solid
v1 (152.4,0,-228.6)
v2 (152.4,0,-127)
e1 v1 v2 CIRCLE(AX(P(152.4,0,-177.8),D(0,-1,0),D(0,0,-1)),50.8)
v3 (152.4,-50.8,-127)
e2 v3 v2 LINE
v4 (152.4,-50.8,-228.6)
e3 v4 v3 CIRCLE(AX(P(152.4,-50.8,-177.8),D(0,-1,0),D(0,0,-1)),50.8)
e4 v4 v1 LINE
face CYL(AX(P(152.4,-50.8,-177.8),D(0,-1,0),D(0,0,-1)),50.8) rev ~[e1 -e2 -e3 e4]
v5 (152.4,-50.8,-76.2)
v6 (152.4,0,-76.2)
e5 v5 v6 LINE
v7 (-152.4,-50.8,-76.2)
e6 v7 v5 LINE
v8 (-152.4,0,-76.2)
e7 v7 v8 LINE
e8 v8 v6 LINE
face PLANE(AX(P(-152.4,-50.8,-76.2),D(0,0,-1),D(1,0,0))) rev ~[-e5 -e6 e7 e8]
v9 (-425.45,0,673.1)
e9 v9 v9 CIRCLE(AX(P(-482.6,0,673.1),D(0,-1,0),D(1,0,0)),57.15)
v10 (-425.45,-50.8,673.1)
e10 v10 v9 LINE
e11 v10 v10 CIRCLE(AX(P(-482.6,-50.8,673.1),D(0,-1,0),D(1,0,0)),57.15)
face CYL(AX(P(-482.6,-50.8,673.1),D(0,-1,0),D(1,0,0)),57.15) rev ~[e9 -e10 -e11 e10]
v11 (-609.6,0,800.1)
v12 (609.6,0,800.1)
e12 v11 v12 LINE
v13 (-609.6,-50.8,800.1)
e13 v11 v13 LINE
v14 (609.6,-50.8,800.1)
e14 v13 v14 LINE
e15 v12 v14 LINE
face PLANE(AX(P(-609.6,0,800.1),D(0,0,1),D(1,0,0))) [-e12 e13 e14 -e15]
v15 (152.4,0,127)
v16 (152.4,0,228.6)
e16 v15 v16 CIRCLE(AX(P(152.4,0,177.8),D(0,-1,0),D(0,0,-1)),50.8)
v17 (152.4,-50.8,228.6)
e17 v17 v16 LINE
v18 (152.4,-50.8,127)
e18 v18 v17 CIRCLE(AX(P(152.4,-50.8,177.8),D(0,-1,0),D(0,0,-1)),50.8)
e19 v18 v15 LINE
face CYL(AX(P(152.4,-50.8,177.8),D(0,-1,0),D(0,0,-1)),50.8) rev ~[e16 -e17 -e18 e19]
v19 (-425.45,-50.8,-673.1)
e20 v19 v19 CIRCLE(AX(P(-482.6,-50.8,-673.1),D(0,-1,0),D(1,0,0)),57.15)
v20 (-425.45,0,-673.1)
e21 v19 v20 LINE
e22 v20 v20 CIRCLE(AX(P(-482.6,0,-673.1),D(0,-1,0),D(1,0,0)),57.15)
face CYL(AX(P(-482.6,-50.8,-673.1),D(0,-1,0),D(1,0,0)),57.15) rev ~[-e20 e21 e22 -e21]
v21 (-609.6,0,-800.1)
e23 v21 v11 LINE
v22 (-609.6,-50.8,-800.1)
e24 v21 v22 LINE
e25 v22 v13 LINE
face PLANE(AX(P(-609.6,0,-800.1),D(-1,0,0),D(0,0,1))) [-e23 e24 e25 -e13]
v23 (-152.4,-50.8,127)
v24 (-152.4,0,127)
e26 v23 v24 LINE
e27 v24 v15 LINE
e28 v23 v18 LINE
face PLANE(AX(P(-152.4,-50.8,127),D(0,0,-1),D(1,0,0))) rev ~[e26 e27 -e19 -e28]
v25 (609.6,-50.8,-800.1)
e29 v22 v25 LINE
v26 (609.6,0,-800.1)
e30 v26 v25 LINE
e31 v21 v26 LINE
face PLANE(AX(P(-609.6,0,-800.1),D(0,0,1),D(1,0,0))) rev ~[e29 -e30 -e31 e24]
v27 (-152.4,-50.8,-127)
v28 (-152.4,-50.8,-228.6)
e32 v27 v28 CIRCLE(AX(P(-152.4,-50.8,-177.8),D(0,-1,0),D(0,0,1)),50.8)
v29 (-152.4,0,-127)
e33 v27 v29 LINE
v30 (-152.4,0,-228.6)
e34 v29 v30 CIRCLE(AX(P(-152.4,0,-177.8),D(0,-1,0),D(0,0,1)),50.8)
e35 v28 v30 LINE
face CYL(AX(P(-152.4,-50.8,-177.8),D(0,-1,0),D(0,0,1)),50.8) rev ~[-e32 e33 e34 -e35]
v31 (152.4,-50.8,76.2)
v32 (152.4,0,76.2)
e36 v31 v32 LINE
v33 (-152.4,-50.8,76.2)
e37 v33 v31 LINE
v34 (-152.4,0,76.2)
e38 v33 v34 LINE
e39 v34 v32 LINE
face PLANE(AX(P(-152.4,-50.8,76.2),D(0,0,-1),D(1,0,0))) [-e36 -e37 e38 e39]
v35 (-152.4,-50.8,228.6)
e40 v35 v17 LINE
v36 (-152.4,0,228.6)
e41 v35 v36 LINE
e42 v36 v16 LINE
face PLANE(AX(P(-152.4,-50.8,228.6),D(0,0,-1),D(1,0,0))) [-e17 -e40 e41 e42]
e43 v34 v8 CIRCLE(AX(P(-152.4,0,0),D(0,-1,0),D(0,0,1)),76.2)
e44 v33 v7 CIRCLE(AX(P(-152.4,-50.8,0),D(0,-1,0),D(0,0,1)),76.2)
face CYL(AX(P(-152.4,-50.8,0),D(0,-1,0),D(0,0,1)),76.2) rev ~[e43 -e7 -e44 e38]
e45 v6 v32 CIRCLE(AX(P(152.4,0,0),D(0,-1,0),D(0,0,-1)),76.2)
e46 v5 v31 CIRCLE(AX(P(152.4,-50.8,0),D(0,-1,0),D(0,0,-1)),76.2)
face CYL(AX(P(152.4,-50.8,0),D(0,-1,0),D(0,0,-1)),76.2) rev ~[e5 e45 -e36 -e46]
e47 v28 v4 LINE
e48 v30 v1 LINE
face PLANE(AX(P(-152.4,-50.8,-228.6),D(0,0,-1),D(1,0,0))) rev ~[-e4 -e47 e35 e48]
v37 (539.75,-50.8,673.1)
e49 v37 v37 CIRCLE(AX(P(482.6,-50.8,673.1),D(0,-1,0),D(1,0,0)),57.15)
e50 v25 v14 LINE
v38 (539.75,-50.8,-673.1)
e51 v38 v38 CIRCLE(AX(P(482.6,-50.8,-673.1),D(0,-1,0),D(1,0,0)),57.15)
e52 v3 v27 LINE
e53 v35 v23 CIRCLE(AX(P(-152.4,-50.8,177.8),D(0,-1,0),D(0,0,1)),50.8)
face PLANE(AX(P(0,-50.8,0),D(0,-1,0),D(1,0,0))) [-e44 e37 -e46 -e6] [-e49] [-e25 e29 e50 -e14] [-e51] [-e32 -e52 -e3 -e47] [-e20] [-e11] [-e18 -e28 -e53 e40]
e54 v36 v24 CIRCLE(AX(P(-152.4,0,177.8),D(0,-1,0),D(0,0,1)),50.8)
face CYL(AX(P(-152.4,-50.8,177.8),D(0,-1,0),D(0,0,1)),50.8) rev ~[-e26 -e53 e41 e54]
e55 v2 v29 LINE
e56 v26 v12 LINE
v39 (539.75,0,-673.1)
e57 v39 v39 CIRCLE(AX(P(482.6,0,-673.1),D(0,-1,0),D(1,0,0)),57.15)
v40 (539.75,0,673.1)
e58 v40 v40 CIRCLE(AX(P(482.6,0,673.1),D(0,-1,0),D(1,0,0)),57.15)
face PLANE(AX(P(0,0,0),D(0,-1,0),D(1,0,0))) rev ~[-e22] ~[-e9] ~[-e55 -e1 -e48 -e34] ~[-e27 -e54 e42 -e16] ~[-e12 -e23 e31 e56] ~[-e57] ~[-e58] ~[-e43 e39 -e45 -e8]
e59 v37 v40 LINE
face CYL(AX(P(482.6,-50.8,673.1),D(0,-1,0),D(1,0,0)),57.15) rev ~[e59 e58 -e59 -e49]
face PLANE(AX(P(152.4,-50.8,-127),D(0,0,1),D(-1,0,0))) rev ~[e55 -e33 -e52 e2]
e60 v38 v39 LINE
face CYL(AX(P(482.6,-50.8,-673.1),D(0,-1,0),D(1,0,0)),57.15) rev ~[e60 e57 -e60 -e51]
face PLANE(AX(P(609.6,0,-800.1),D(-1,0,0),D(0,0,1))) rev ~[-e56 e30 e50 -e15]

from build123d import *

# Parameters (mm, degrees)
F1_W     = 1219.2
F1_H     = 1600.2
F2_DEPTH = 50.8
F3_R     = 57.15
F4_DEPTH = 76.2
F5_W     = 304.8
F5_H     = 101.6
F5_H_2   = 152.4
F6_DEPTH = 76.2
F7_DEPTH = 76.2


with BuildPart() as f2:
    # F1 (on face) → F2 (new body)
    with BuildSketch(Plane.XZ):
        Rectangle(F1_W, F1_H)
    extrude(amount=F2_DEPTH)

    # F3 (on face) → F4 (cut)
    with BuildSketch(Plane.XZ.offset(50.8)):
        with Locations((-482.6, 673.1)):
            Circle(F3_R)
        with Locations((482.6, 673.1)):
            Circle(F3_R)
        with Locations((-482.6, -673.1)):
            Circle(F3_R)
        with Locations((482.6, -673.1)):
            Circle(F3_R)
    extrude(amount=-F4_DEPTH, mode=Mode.SUBTRACT)

    # F5 (on face) → F6 (cut)
    with BuildSketch(Plane.XZ.offset(50.8)):
        with Locations((0, 177.8)):
            Rectangle(F5_W, F5_H)
        with BuildLine():
            ThreePointArc((-152.4, 228.6), (-203.2, 177.8), (-152.4, 127))
            Line((-152.4, 127), (-152.4, 228.6))
        make_face()
        with BuildLine():
            Line((152.4, 228.6), (152.4, 127))
            ThreePointArc((152.4, 127), (203.2, 177.8), (152.4, 228.6))
        make_face()
        with BuildLine():
            Line((152.4, -127), (-152.4, -127))
            ThreePointArc((-152.4, -127), (-203.2, -177.8), (-152.4, -228.6))
            Line((-152.4, -228.6), (152.4, -228.6))
            ThreePointArc((152.4, -228.6), (203.2, -177.8), (152.4, -127))
        make_face()
        Rectangle(F5_W, F5_H_2)
        with BuildLine():
            ThreePointArc((-152.4, 76.2), (-228.6, 0), (-152.4, -76.2))
            Line((-152.4, -76.2), (-152.4, 76.2))
        make_face()
        with BuildLine():
            Line((152.4, 76.2), (152.4, -76.2))
            ThreePointArc((152.4, -76.2), (228.6, 0), (152.4, 76.2))
        make_face()
    extrude(amount=-F6_DEPTH, mode=Mode.SUBTRACT)

    # F5 (on face) → F7 (cut)
    with BuildSketch(Plane.XZ.offset(50.8)):
        with Locations((0, 177.8)):
            Rectangle(F5_W, F5_H)
        with BuildLine():
            ThreePointArc((-152.4, 228.6), (-203.2, 177.8), (-152.4, 127))
            Line((-152.4, 127), (-152.4, 228.6))
        make_face()
        with BuildLine():
            Line((152.4, 228.6), (152.4, 127))
            ThreePointArc((152.4, 127), (203.2, 177.8), (152.4, 228.6))
        make_face()
        with BuildLine():
            Line((152.4, -127), (-152.4, -127))
            ThreePointArc((-152.4, -127), (-203.2, -177.8), (-152.4, -228.6))
            Line((-152.4, -228.6), (152.4, -228.6))
            ThreePointArc((152.4, -228.6), (203.2, -177.8), (152.4, -127))
        make_face()
        Rectangle(F5_W, F5_H_2)
        with BuildLine():
            ThreePointArc((-152.4, 76.2), (-228.6, 0), (-152.4, -76.2))
            Line((-152.4, -76.2), (-152.4, 76.2))
        make_face()
        with BuildLine():
            Line((152.4, 76.2), (152.4, -76.2))
            ThreePointArc((152.4, -76.2), (228.6, 0), (152.4, 76.2))
        make_face()
    extrude(amount=-F7_DEPTH, mode=Mode.SUBTRACT)


solid = f2.part
